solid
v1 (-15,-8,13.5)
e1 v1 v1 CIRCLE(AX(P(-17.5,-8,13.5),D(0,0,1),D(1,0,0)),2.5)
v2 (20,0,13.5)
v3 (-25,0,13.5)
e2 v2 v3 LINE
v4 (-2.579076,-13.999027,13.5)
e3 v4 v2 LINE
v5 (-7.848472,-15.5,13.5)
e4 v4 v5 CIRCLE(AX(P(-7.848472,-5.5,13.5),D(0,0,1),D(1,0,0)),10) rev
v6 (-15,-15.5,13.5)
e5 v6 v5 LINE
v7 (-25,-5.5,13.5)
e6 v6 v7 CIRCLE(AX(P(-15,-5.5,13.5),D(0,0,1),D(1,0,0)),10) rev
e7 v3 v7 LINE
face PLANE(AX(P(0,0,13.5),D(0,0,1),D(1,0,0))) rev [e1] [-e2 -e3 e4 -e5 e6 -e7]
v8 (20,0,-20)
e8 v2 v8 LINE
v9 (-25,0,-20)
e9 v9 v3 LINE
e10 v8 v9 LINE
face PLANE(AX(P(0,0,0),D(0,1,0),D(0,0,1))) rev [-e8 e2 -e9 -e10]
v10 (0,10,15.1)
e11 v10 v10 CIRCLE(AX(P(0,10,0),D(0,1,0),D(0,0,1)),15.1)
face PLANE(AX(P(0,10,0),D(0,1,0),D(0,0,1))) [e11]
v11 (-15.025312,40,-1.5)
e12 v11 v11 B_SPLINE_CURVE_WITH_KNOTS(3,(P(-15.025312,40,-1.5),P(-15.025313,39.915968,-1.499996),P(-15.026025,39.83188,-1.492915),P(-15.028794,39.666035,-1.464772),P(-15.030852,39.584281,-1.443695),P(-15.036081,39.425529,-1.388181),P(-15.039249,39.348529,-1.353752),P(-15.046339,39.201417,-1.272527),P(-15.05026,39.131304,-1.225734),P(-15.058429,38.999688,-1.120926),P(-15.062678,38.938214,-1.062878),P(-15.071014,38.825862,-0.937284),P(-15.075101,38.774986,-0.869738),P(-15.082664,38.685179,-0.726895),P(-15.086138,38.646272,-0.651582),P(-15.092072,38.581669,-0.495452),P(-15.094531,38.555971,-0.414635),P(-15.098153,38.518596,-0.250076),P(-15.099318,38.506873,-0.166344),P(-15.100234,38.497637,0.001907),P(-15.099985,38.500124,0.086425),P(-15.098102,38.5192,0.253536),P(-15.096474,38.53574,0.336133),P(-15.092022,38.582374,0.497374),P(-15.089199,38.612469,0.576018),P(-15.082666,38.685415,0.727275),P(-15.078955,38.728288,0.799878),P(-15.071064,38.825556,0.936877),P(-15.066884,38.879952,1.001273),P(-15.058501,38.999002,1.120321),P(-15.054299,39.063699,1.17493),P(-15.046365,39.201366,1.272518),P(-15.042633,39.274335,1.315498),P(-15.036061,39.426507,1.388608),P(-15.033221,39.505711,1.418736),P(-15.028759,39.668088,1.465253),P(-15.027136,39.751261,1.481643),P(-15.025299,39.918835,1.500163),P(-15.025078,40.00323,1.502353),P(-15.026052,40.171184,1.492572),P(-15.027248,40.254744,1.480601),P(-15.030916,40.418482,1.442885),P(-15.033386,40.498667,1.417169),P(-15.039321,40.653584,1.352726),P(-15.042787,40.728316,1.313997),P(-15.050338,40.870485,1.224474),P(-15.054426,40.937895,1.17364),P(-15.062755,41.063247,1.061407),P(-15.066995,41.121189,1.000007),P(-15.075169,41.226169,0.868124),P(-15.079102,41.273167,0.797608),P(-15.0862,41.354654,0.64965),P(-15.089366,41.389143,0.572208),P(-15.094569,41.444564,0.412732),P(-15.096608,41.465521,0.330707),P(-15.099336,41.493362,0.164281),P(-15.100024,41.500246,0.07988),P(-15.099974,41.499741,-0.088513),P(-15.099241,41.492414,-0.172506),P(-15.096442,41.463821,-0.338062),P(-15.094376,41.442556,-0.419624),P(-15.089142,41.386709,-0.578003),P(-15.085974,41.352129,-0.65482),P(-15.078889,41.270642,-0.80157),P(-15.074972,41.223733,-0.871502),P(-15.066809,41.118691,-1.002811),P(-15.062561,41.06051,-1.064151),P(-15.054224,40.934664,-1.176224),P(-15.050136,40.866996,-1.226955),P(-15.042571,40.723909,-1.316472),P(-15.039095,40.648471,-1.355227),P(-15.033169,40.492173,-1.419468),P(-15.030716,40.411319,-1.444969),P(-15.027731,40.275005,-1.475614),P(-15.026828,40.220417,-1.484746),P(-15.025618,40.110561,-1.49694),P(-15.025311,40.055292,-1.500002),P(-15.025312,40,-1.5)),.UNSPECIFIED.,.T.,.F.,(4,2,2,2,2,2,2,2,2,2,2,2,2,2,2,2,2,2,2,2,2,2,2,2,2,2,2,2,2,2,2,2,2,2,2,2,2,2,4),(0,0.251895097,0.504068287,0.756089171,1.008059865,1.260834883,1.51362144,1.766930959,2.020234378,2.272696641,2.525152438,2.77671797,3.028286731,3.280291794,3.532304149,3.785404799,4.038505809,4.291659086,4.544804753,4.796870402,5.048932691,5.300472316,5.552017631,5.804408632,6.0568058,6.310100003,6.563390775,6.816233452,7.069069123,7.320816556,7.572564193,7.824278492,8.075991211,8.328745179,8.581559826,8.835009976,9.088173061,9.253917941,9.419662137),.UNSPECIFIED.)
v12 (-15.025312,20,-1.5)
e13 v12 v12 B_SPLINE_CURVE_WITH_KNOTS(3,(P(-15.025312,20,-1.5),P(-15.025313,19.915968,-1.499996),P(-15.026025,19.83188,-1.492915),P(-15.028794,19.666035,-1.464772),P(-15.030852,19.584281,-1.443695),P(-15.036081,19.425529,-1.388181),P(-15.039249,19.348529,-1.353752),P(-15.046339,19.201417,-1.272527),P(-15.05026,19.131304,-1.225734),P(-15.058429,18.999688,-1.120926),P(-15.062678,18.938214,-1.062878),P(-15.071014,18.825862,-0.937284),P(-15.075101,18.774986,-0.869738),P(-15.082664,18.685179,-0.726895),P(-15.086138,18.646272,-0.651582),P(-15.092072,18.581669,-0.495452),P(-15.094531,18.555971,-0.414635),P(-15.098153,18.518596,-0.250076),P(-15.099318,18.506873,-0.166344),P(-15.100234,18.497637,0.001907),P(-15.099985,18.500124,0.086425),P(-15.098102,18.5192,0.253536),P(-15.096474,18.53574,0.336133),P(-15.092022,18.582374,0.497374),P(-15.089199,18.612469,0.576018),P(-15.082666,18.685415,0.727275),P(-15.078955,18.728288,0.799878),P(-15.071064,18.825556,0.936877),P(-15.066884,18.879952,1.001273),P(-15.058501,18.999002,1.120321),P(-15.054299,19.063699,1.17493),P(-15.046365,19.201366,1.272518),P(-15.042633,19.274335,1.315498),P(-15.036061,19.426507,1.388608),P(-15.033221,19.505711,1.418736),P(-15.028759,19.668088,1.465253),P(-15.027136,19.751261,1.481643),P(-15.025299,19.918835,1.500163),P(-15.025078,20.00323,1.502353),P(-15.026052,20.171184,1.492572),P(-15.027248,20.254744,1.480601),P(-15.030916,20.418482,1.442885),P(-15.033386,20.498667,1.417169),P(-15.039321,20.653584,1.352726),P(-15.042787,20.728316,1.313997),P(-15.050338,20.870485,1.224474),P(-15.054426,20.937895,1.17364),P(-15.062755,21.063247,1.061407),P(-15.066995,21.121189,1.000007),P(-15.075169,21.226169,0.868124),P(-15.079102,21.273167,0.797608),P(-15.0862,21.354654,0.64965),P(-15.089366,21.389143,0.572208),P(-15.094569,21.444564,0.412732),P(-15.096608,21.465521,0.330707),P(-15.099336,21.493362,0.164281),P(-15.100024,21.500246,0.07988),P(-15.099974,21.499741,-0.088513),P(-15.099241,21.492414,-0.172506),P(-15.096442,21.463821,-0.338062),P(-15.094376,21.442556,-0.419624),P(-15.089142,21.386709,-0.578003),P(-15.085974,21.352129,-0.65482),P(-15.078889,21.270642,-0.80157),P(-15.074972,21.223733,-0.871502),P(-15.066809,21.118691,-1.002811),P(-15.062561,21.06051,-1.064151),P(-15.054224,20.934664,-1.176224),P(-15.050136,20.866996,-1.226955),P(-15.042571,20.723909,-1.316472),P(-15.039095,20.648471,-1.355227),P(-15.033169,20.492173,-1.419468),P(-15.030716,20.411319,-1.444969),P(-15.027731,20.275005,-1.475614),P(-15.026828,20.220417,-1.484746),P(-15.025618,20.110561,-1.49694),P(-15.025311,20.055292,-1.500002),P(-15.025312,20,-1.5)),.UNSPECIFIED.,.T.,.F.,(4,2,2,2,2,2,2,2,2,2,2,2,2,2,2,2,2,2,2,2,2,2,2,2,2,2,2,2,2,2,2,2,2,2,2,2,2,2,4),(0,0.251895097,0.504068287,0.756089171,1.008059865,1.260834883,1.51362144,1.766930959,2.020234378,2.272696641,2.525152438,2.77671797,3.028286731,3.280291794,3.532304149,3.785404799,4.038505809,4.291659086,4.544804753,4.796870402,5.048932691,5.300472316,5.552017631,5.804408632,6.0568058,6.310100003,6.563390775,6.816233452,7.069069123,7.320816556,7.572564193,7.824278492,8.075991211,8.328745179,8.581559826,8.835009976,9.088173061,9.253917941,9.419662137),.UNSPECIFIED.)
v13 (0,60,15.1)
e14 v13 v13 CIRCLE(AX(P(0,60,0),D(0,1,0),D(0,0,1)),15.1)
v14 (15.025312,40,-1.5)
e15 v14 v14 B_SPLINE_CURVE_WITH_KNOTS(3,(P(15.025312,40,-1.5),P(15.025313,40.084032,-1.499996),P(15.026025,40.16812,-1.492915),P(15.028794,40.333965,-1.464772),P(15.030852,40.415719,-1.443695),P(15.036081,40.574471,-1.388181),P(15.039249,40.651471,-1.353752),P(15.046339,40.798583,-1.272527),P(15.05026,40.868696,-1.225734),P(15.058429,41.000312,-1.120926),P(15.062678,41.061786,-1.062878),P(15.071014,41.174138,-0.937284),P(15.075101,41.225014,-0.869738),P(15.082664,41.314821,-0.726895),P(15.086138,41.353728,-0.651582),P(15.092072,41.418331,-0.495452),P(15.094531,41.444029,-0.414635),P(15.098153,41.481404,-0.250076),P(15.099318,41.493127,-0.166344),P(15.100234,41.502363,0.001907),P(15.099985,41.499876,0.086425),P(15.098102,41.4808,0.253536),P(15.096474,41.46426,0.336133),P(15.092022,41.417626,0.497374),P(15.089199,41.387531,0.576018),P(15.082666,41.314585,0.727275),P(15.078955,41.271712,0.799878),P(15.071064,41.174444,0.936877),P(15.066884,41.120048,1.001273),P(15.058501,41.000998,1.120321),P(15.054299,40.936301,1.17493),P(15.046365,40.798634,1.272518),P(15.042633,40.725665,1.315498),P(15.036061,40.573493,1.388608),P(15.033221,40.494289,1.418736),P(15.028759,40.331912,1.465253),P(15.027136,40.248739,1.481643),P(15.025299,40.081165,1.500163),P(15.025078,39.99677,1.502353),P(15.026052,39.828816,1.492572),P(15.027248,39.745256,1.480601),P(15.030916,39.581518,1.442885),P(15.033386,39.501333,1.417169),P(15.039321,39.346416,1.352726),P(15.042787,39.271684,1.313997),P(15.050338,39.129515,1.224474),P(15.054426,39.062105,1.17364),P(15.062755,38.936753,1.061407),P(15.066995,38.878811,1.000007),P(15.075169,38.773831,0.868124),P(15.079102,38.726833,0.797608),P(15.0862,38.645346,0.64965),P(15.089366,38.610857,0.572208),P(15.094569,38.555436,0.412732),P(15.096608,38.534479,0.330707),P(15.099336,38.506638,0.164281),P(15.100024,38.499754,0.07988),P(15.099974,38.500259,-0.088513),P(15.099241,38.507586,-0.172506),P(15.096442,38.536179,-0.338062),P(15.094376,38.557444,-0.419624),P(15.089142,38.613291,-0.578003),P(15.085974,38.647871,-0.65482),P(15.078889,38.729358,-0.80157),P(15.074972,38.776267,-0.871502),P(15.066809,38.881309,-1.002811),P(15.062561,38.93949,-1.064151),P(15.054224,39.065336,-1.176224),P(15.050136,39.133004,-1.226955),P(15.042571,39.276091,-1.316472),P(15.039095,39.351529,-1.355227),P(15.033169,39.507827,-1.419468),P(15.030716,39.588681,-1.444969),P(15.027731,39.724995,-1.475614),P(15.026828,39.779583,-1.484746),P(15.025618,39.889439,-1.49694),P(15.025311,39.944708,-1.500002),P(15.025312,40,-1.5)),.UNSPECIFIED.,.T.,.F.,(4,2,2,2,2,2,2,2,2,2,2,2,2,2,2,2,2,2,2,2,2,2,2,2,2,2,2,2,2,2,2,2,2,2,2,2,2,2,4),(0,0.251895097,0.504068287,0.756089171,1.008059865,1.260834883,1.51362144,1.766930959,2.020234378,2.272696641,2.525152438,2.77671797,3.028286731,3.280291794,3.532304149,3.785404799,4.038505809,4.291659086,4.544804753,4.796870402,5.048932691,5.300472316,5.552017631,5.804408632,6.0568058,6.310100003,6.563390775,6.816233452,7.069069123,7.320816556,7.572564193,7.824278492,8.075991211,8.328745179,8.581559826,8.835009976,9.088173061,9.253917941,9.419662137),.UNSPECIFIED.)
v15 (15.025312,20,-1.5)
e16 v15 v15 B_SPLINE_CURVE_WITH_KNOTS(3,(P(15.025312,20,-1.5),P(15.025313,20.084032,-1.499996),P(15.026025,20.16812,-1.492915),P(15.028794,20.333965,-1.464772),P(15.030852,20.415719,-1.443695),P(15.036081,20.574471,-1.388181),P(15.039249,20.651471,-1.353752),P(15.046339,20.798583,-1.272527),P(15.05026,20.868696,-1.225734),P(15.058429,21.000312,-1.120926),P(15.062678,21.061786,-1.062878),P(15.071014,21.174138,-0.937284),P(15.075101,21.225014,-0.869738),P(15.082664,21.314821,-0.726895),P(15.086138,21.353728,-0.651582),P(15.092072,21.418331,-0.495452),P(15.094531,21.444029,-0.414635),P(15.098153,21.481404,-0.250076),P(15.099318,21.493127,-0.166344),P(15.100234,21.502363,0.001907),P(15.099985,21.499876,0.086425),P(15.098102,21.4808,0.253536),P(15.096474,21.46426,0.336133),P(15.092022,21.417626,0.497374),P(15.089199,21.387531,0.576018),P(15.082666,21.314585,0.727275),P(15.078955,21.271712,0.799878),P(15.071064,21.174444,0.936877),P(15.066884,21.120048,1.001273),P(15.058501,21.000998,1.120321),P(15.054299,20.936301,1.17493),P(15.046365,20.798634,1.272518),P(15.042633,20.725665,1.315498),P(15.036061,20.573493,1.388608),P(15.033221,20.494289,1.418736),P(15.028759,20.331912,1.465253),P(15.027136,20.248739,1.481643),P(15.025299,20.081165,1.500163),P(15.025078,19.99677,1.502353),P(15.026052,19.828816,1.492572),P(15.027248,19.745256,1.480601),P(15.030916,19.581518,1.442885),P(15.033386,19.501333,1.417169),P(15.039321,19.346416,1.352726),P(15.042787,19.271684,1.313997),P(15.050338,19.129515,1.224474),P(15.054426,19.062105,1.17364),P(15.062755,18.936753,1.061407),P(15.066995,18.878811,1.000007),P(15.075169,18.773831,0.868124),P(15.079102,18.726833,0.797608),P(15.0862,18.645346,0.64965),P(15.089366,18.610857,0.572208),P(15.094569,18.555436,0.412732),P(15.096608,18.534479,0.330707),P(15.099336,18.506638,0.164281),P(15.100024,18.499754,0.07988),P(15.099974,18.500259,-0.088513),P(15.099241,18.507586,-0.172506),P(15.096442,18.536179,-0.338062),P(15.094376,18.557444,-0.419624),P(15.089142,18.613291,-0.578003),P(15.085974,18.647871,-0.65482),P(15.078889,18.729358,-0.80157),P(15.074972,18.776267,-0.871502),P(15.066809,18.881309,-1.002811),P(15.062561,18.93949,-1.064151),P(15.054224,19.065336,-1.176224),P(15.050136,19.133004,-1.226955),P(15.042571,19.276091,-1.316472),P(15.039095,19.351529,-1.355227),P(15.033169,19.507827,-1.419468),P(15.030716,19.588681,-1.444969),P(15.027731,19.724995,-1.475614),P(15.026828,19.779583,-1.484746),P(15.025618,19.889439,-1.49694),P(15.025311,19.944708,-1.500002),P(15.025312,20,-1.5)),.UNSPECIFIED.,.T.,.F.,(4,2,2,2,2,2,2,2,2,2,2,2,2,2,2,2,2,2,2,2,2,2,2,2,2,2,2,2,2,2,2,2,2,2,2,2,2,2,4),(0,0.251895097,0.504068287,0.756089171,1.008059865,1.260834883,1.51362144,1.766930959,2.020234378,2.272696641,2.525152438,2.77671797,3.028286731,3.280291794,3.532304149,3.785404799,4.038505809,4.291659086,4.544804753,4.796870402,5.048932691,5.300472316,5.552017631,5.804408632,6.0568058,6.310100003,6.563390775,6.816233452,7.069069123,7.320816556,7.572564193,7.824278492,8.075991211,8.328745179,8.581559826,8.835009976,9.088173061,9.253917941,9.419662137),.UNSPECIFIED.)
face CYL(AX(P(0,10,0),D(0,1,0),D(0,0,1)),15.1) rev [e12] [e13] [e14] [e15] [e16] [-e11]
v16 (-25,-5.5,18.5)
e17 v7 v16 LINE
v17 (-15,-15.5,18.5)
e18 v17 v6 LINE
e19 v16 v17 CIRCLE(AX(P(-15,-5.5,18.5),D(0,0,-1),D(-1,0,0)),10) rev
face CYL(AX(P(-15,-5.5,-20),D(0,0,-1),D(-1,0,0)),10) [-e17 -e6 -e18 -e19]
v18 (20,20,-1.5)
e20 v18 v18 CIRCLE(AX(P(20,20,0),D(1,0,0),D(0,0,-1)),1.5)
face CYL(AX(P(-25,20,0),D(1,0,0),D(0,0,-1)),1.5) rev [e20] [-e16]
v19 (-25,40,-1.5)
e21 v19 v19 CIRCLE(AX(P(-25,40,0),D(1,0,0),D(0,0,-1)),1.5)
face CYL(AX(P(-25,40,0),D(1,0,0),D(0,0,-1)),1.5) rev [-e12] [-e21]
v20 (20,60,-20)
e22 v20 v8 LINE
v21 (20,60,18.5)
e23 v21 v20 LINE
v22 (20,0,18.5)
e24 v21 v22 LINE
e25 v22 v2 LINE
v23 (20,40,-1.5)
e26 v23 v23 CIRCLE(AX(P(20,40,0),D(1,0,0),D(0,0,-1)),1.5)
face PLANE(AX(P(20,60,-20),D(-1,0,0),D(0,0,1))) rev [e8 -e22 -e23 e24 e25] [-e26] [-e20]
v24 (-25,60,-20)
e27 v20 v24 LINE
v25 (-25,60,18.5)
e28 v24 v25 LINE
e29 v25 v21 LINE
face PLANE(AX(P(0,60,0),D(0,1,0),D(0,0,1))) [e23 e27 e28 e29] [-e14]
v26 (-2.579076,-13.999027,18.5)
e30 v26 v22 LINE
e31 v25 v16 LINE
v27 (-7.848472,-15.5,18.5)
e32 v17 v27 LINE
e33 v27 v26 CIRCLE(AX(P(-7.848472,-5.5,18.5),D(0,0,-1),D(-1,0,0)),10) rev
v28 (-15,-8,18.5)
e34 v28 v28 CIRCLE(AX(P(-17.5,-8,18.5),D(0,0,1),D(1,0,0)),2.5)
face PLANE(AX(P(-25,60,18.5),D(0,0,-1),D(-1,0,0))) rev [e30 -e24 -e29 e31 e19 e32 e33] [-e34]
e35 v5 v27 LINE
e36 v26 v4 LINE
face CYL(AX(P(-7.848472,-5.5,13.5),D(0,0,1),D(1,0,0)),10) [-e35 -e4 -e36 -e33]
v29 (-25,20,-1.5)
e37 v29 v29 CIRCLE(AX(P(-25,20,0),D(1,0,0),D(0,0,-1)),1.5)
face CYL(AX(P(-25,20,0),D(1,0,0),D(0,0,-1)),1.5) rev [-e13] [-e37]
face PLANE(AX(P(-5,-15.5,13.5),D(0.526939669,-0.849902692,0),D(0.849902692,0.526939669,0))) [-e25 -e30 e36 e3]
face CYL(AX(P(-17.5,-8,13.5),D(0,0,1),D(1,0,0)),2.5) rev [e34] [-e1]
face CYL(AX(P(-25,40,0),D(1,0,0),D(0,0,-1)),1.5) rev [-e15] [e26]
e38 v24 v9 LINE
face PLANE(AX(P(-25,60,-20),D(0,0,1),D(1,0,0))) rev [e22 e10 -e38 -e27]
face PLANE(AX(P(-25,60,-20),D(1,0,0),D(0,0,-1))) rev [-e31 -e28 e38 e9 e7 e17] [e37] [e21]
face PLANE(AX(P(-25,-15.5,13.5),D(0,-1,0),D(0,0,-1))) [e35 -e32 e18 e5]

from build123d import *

# Parameters (mm, degrees)
SKETCH_1_W             = 45
SKETCH_1_H             = 38.5
EXTRUDE_1_DEPTH        = 60
SKETCH_2_R             = 15.1
CUT_EXTRUDE_1_DEPTH    = 50
SKETCH_3_R             = 2.5
EXTRUDE_2_DEPTH        = 5
SKETCH_4_R             = 1.5
CUT_EXTRUDE_2_DEPTH    = 78.620873481
PATTERN_LINEAR_1_COUNT = 2
PATTERN_LINEAR_1_PITCH = 20
FILLET_1_R             = 10


with BuildPart() as part:
    # 草圖1 → 填料-伸長1 (new body)
    with BuildSketch(Plane(origin=(0, 0, 0), x_dir=(1, 0, 0), z_dir=(0, 1, 0))):
        with Locations((-2.5, 0.75)):
            Rectangle(SKETCH_1_W, SKETCH_1_H)
    extrude(amount=EXTRUDE_1_DEPTH)

    # 草圖2 → 除料-伸長1 (cut)
    with BuildSketch(Plane(origin=(0, 60, 0), x_dir=(1, 0, 0), z_dir=(0, 1, 0))):
        with Locations(Location((0, 0, 0), (0, 0, 270))):
            Circle(SKETCH_2_R)
    extrude(amount=-CUT_EXTRUDE_1_DEPTH, mode=Mode.SUBTRACT)

    # 草圖3 → 填料-伸長2 (add)
    with BuildSketch(Plane.XY.offset(18.5)):
        Polygon((-25, 0), (-25, -15.5), (-5, -15.5), (20, 0), align=None)
        with Locations((-17.5, -8)):
            Circle(SKETCH_3_R, mode=Mode.SUBTRACT)
    extrude(amount=-EXTRUDE_2_DEPTH)

    # 草圖4 → 除料-伸長2 (cut, through all)
    with BuildSketch(Plane(origin=(20, 0, 0), x_dir=(0, 0, -1), z_dir=(1, 0, 0))):
        with Locations((0, 20)):
            Circle(SKETCH_4_R)
    cut_extrude_2 = extrude(amount=-CUT_EXTRUDE_2_DEPTH, mode=Mode.SUBTRACT)

    # 直線複製排列1: 除料-伸長2 ×2
    with Locations(*[(0, i * PATTERN_LINEAR_1_PITCH, 0) for i in range(1, PATTERN_LINEAR_1_COUNT)]):
        add(cut_extrude_2, mode=Mode.SUBTRACT)

    # 圓角1
    fillet_1_edges = [part.edges().sort_by_distance(p)[0] for p in [
        (-5, -15.5, 16),
        (-25, -15.5, 16),
    ]]
    fillet(fillet_1_edges, radius=FILLET_1_R)


solid = part.part
